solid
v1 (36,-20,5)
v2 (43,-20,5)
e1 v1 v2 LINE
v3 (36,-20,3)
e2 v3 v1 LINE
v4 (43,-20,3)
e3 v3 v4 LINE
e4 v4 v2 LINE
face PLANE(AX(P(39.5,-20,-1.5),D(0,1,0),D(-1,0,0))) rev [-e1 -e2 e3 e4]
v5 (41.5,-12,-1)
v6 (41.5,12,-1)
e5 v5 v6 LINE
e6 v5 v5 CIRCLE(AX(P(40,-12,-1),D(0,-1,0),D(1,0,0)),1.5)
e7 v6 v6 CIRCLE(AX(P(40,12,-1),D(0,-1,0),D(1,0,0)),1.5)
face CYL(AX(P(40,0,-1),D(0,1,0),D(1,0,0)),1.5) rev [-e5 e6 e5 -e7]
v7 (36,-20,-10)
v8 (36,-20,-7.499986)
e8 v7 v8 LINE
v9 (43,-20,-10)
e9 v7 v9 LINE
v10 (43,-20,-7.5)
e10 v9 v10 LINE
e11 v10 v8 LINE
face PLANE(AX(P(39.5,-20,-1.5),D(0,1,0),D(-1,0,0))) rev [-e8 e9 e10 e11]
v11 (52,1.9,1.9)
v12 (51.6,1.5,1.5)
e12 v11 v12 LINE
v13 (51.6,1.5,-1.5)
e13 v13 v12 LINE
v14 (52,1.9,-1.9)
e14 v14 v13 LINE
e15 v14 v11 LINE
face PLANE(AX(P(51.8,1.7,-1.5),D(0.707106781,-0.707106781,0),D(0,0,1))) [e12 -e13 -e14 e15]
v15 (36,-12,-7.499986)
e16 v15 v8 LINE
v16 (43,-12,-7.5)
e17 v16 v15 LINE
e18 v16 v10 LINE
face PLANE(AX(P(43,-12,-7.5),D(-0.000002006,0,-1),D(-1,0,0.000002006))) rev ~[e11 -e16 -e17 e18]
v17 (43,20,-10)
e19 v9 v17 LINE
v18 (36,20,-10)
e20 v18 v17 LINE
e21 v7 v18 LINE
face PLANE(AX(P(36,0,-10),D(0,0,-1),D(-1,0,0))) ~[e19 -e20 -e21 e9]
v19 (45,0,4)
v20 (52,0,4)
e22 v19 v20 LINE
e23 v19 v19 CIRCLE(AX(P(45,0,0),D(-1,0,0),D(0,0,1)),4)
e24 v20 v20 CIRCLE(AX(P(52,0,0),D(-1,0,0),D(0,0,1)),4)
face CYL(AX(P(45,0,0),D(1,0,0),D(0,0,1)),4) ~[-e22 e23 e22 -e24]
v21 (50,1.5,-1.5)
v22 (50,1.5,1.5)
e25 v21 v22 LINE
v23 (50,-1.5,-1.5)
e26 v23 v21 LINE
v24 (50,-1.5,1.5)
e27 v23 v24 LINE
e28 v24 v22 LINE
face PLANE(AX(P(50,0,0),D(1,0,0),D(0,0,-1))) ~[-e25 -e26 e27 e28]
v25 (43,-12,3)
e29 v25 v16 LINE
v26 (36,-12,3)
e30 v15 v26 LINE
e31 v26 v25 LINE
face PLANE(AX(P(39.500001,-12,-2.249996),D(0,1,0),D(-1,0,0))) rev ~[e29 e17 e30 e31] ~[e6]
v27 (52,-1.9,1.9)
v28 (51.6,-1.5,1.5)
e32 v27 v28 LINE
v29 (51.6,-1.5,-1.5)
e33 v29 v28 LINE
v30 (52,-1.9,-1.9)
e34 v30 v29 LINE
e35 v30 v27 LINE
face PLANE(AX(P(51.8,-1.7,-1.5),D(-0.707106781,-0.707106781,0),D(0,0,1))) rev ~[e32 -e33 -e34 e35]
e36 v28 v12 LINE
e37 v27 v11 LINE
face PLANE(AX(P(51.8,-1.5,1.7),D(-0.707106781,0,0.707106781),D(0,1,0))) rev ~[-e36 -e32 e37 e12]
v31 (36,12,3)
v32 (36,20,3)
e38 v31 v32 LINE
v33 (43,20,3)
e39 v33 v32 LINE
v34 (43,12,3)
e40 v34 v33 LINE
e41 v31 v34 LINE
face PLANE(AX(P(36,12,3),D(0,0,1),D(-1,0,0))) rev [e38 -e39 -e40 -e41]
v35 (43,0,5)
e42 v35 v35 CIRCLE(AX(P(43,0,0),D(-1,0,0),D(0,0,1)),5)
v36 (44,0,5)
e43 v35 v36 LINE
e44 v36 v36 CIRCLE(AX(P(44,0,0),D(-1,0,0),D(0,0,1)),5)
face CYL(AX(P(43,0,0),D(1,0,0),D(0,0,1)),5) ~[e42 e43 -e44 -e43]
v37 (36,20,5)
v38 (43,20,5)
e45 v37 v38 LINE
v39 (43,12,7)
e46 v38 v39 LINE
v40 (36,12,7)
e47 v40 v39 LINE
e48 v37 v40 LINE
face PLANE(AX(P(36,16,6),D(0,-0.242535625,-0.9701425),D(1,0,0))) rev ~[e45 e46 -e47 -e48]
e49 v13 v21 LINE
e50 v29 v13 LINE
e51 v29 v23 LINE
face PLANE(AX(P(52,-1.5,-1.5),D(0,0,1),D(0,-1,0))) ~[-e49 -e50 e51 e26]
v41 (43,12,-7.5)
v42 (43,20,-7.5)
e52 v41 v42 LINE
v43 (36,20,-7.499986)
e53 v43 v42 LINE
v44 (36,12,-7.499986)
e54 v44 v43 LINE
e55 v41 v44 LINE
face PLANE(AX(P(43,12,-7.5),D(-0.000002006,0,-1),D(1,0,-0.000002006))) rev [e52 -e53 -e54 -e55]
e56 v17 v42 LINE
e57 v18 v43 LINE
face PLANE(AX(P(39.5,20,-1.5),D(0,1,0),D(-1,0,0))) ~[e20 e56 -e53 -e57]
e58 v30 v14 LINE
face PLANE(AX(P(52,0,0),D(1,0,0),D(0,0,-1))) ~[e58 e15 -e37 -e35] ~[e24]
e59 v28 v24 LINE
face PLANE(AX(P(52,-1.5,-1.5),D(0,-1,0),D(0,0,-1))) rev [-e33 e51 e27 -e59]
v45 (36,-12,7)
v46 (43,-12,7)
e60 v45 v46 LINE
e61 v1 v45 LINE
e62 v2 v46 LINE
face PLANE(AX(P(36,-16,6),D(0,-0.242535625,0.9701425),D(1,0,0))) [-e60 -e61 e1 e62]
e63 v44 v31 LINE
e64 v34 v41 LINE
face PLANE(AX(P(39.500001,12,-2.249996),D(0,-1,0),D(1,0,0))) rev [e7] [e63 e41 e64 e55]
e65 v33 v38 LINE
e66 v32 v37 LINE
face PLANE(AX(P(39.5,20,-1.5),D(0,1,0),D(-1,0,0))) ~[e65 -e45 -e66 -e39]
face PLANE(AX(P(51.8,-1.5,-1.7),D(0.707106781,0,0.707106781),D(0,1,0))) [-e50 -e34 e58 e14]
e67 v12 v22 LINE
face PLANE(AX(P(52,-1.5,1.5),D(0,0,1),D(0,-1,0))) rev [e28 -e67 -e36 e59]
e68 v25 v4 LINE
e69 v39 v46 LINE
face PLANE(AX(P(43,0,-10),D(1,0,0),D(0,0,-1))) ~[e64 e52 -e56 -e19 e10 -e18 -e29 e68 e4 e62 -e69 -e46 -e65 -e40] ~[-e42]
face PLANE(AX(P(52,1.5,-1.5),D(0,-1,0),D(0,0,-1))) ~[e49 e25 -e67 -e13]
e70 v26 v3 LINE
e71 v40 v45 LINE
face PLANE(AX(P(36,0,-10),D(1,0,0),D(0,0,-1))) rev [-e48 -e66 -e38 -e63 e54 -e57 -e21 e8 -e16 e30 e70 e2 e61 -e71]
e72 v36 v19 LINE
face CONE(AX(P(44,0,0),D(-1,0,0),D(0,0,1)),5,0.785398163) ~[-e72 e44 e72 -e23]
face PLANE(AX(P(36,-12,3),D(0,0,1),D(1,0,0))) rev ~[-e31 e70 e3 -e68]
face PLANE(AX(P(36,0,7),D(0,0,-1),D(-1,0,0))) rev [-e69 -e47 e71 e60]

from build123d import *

# Parameters (mm, degrees)
SKETCH153_W             = 7
SKETCH153_H             = 17
PAD051_DEPTH            = 20
SKETCH152_R             = 1.5
POCKET087_DEPTH         = 20
POCKET161_DEPTH         = 10
CHAMFER042_1_SIZE2      = 8
CHAMFER042_1_SIZE       = 2
CHAMFER042_2_SIZE2      = 8
CHAMFER042_2_SIZE       = 2
SKETCH276_W             = 3
SKETCH276_H             = 3
POCKET164_DEPTH         = 2
CHAMFER_SIZE            = 0.4
BODY018_PLACEMENT_ANGLE = 180


with BuildPart() as innerplateend:
    # Sketch153 → Pad051 (new body, symmetric)
    with BuildSketch(Plane.XZ):
        with Locations((39.5, -1.5)):
            Rectangle(SKETCH153_W, SKETCH153_H)
    extrude(amount=PAD051_DEPTH, both=True)

    # Sketch152 → Pocket087 (cut, symmetric)
    with BuildSketch(Plane.XZ):
        with Locations((40, -1)):
            Circle(SKETCH152_R)
    extrude(amount=POCKET087_DEPTH, both=True, mode=Mode.SUBTRACT)

    # Sketch250 → Revolution004 (revolve)
    with BuildSketch(Plane.XZ):
        Polygon((52, 0), (43, 0), (43, 5), (44, 5), (45, 4), (52, 4), align=None)
    revolve(axis=Axis((0, 0, 0), (1, 0, 0)))

    # Sketch267 → Pocket161 (cut)
    with BuildSketch(Plane.XZ.offset(12)):
        Polygon((43, -7.5), (36, -7.499985956), (36, 3), (43, 3), align=None)
    pocket161 = extrude(amount=POCKET161_DEPTH, mode=Mode.SUBTRACT)

    # Mirrored: Pocket161 across XZ
    add(pocket161.mirror(Plane.XZ), mode=Mode.SUBTRACT)

    # Chamfer042 1
    chamfer042_1_edges = [innerplateend.edges().sort_by_distance(p)[0] for p in [
        (39.5, 20, 7),
    ]]
    chamfer042_1_side = innerplateend.faces().sort_by_distance((39.5, 20, 5))[0]
    chamfer(chamfer042_1_edges, length=CHAMFER042_1_SIZE, length2=CHAMFER042_1_SIZE2, reference=chamfer042_1_side)

    # Chamfer042 2
    chamfer042_2_edges = [innerplateend.edges().sort_by_distance(p)[0] for p in [
        (39.5, -20, 7),
    ]]
    chamfer042_2_side = innerplateend.faces().sort_by_distance((39.5, -20, 5))[0]
    chamfer(chamfer042_2_edges, length=CHAMFER042_2_SIZE, length2=CHAMFER042_2_SIZE2, reference=chamfer042_2_side)

    # Sketch276 (on Face21 of Chamfer042) → Pocket164 (cut)
    with BuildSketch(Plane(origin=(52, 0, 0), x_dir=(0, 0, 1), z_dir=(1, 0, 0))):
        Rectangle(SKETCH276_W, SKETCH276_H)
    extrude(amount=-POCKET164_DEPTH, mode=Mode.SUBTRACT)

    # Chamfer
    chamfer_edges = [innerplateend.edges().sort_by_distance(p)[0] for p in [
        (52, 0, 1.5),
        (52, 1.5, 0),
        (52, 0, -1.5),
        (52, -1.5, 0),
    ]]
    chamfer(chamfer_edges, length=CHAMFER_SIZE)


with BuildPart() as innerplateend_1:
    # Body018 placement: moved
    add(innerplateend.part.rotate(Axis((0, 0, 0), (0, 0, 1)), BODY018_PLACEMENT_ANGLE))


with BuildPart() as ref_innerplateend:
    # Part__Mirroring002: instance of InnerPlateEnd
    add(innerplateend_1.part.mirror(Plane(origin=(0, 0, 0), x_dir=(0, -1, 0), z_dir=(1, 0, 0))))


solid = ref_innerplateend.part
